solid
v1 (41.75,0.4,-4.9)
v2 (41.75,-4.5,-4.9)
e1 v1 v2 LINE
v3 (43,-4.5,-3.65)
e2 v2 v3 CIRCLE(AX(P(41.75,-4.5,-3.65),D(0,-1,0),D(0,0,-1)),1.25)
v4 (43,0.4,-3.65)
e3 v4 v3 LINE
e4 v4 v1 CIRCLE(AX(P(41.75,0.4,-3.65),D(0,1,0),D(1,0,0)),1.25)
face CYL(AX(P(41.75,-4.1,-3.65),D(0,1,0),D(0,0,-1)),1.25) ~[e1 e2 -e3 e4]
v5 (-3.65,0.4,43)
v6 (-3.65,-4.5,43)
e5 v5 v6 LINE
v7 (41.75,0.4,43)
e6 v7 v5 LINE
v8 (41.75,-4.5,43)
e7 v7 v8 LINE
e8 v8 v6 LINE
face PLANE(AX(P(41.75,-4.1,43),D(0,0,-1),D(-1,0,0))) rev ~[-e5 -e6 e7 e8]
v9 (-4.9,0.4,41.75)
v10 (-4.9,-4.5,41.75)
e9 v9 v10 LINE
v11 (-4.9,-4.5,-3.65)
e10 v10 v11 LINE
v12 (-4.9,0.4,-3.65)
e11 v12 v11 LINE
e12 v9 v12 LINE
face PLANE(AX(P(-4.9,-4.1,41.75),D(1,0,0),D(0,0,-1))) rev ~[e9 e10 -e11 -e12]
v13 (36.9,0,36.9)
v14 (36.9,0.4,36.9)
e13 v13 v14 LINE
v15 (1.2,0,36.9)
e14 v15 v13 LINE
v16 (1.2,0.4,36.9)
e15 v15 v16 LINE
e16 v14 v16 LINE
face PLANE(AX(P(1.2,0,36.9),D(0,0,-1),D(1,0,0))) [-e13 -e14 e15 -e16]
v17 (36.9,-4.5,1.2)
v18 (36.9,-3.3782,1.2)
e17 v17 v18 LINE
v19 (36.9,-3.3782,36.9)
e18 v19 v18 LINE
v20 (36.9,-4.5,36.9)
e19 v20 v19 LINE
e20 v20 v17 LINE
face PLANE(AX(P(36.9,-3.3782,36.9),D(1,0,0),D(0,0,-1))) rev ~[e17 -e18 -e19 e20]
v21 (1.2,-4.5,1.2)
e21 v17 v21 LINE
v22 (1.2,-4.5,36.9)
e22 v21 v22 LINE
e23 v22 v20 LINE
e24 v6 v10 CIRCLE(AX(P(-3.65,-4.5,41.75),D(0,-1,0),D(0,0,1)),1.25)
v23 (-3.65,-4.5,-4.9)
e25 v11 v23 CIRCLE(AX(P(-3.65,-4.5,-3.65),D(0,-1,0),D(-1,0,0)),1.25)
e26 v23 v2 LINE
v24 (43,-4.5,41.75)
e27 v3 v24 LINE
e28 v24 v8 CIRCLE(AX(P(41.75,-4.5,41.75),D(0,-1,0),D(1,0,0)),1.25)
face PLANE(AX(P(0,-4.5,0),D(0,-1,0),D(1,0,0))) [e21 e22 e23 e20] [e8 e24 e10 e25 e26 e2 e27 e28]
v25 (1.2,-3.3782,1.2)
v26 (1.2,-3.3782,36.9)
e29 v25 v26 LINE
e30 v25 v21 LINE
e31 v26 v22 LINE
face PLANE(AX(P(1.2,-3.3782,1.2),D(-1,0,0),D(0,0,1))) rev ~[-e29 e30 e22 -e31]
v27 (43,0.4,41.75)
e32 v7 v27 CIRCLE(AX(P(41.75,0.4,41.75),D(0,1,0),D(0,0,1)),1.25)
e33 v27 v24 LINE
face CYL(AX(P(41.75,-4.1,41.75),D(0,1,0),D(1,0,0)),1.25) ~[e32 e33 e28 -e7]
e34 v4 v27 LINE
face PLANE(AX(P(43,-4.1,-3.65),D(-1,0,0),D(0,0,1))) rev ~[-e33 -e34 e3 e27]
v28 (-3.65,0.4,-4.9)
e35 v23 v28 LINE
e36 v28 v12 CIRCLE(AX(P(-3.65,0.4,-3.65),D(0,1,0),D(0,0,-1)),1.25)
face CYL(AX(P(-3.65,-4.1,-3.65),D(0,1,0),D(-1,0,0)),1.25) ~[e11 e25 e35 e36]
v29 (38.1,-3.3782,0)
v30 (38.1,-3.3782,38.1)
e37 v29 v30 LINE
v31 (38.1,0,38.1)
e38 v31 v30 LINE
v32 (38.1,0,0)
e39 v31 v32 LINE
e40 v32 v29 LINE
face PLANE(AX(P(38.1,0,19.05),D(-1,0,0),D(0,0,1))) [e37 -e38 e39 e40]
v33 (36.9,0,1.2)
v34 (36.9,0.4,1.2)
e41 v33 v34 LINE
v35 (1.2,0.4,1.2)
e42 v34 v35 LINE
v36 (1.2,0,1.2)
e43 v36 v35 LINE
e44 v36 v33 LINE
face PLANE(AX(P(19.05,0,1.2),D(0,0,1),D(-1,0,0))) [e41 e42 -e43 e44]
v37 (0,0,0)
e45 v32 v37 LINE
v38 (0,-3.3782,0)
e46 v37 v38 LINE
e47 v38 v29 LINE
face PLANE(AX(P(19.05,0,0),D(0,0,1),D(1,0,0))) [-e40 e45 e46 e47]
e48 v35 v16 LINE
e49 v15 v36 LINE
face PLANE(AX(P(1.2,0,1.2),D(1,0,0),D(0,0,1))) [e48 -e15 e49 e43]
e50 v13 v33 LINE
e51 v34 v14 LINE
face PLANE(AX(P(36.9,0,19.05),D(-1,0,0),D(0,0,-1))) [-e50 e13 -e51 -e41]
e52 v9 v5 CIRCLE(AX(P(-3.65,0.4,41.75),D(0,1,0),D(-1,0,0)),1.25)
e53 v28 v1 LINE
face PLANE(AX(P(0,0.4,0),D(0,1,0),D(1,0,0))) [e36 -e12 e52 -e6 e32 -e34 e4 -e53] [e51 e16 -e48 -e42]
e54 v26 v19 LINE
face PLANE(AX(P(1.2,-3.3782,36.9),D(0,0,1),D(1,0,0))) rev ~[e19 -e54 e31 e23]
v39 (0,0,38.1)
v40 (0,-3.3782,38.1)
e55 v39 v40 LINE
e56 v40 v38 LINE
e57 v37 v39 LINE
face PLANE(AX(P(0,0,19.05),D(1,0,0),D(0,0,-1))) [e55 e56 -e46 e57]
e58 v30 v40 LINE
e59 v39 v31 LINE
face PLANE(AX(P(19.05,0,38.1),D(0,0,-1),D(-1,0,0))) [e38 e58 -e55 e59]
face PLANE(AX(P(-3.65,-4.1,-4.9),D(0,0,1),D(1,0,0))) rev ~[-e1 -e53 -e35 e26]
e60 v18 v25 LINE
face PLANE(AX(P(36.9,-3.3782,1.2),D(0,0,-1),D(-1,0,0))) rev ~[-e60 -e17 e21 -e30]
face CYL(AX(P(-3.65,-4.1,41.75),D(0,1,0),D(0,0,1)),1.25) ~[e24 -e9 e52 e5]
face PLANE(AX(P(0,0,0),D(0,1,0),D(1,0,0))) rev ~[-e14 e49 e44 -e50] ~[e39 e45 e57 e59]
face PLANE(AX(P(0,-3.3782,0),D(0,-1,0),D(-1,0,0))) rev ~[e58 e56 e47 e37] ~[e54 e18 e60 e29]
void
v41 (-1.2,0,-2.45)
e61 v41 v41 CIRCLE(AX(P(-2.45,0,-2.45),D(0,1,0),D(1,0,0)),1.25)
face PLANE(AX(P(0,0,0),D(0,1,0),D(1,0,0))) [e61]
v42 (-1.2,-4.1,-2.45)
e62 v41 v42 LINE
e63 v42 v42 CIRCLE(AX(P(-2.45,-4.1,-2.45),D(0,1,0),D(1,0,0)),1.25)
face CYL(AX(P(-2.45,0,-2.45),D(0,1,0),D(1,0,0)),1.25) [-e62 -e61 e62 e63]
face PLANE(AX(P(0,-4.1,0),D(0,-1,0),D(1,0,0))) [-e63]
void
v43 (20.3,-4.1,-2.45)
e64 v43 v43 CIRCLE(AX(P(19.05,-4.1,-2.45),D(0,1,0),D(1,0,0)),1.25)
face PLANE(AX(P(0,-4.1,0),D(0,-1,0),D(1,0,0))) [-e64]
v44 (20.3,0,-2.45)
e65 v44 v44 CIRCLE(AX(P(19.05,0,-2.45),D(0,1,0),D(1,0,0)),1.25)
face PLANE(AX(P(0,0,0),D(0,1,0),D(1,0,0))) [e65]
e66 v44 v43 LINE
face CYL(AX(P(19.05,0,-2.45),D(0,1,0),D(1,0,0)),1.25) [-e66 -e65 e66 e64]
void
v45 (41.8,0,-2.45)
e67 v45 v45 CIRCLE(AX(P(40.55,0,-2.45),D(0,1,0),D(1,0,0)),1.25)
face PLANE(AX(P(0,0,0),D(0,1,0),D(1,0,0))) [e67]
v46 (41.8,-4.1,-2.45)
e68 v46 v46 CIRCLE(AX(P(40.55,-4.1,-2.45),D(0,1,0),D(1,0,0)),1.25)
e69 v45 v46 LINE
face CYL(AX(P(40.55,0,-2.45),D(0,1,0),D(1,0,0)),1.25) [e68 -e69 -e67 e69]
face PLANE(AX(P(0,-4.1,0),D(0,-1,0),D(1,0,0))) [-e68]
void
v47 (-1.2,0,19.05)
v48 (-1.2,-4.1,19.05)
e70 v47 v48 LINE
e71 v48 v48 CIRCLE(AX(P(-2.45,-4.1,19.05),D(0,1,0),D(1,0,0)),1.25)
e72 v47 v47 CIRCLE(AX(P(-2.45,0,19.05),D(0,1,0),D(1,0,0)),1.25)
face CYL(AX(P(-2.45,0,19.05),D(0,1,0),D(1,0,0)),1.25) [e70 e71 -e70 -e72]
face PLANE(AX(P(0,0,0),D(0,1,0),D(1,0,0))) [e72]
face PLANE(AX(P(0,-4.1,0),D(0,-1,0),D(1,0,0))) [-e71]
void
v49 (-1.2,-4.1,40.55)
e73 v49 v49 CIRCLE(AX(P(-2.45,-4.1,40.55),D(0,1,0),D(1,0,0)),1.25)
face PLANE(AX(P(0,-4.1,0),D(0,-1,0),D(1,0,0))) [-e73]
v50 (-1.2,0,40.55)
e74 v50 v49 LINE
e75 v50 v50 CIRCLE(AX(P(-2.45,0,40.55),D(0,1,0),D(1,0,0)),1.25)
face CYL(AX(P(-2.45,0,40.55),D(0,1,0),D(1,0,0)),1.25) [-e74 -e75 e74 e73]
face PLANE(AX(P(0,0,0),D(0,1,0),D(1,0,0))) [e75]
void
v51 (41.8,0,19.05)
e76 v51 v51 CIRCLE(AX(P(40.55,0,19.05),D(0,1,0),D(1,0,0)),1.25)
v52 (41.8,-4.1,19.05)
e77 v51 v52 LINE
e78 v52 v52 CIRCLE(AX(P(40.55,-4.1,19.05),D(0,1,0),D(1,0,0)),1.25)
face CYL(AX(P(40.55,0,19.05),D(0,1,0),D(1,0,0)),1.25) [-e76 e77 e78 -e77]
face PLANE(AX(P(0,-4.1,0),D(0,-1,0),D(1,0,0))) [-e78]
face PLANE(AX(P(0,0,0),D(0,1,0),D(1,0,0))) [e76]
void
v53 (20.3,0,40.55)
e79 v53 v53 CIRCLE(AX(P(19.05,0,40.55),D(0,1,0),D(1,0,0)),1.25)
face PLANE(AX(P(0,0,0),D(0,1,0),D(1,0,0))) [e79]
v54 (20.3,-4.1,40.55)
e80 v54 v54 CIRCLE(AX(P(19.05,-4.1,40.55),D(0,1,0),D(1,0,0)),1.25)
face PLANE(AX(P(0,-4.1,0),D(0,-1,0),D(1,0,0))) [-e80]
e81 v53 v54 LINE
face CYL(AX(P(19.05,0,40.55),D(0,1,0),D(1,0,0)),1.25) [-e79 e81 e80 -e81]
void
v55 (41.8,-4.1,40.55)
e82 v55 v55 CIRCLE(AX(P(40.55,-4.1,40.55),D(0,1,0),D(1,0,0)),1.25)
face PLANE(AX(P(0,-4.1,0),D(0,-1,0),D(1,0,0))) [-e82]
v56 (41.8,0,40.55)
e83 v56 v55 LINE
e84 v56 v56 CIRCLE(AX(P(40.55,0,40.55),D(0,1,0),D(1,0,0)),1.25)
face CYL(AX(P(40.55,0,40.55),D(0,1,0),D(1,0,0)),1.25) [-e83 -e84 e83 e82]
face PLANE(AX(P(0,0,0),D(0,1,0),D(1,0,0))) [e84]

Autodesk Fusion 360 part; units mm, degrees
sketch "Sketch1" plane through (0, 0, 0) normal (0, 1, 0) x (1, 0, 0)
  line L0 (0, 0) -> (38.1, 0)
  line L1 (38.1, 0) -> (38.1, -38.1)
  line L2 (38.1, -38.1) -> (0, -38.1)
  line L3 (0, -38.1) -> (0, 0)
  circle A0 centre (19.05, -40.55) radius 1.25
  line L4 (-4.9, -39.3) -> (43, -39.3) construction
  line L5 (-4.9, -41.8) -> (43, -41.8) construction
  line L6 (0, -19.05) -> (38.1, -19.05)
  line L7 (19.05, 0) -> (19.05, -38.1)
  line L8 (-3.65, 4.9) -> (41.75, 4.9)
  line L9 (43, 3.65) -> (43, -41.75)
  line L10 (41.75, -43) -> (-3.65, -43)
  line L11 (-4.9, -41.75) -> (-4.9, 3.65)
  circle A1 centre (-2.45, -40.55) radius 1.25
  line L12 (-3.7, -43) -> (-3.7, 4.9) construction
  line L13 (-1.2, -43) -> (-1.2, 4.9) construction
  line L14 (39.3, -43) -> (39.3, 4.9) construction
  line L15 (41.8, 4.9) -> (41.8, -43) construction
  line L16 (-4.9, 3.7) -> (43, 3.7) construction
  line L17 (43, 1.2) -> (-4.9, 1.2) construction
  circle A2 centre (40.55, -40.55) radius 1.25
  circle A3 centre (40.55, -19.05) radius 1.25
  circle A4 centre (40.55, 2.45) radius 1.25
  circle A5 centre (19.05, 2.45) radius 1.25
  circle A6 centre (-2.45, 2.45) radius 1.25
  circle A7 centre (-2.45, -19.05) radius 1.25
  arc A8 (-4.9, -41.75) -> (-3.65, -43) centre (-3.65, -41.75) ccw
  arc A9 (41.75, -43) -> (43, -41.75) centre (41.75, -41.75) ccw
  arc A10 (43, 3.65) -> (41.75, 4.9) centre (41.75, 3.65) ccw
  arc A11 (-3.65, 4.9) -> (-4.9, 3.65) centre (-3.65, 3.65) ccw
  line L18 (1.2, -36.9) -> (36.9, -36.9)
  line L19 (36.9, -36.9) -> (36.9, -1.2)
  line L20 (36.9, -1.2) -> (1.2, -1.2)
  line L21 (1.2, -1.2) -> (1.2, -36.9)
  dimension "d1" = 38.1
  dimension "d2" = 38.1
  dimension "d3" = 2.5
  dimension "d4" = 1.2
  dimension "d5" = 1.2
  dimension "d8" = 2.5
  dimension "d9" = 1.2
  dimension "d10" = 1.2
  dimension "d11" = 1.2
  dimension "d13" = 1.2
  dimension "d14" = 1.2
  dimension "d15" = 1.2
  dimension "d16" = 2.5
  dimension "d17" = 1.25
  dimension "d18" = 1.2
  dimension "d19" = 1.2
  dimension "d20" = 1.2
  dimension "d21" = 1.2
extrude "Extrude1" add sketch "Sketch1" along normal blind 0.4 contours L0 L3 L6 L7 L20 L21 | L0 L1 L6 L7 L19 L20 | L2 L3 L6 L7 L18 L21 | L1 L2 L6 L7 L18 L19 | A0 | L8 L9 L10 L11 A8 A9 A10 A11 | A1 | A2 | A3 | A4 | A5 | A6 | A7
extrude "Extrude2" add sketch "Sketch1" against normal blind 4.1
ref_plane "WorkPlane1" through (19.05, -3.3782, 19.05) normal (0, -1, 0) x (-1, 0, 0)
sketch "Sketch2" plane through (0, -3.3782, 0) normal (0, -1, 0) x (-1, 0, 0)
  line L0 (-1.2, -1.2) -> (-1.2, -36.9)
  line L1 (-1.2, -36.9) -> (-36.9, -36.9)
  line L2 (-36.9, -36.9) -> (-36.9, -1.2)
  line L3 (-36.9, -1.2) -> (-1.2, -1.2)
  line L4 (0, -38.1) -> (0, 0)
  line L5 (0, 0) -> (-38.1, 0)
  line L6 (-38.1, 0) -> (-38.1, -38.1)
  line L7 (-38.1, -38.1) -> (0, -38.1)
extrude "Extrude3" add sketch "Sketch2" along normal up to surface (0.7218 mm away)
sketch "Sketch3" plane through (0, -4.1, 0) normal (0, -1, 0) x (1, 0, 0)
  line L0 (1.2, 36.9) -> (36.9, 36.9)
  line L1 (36.9, 36.9) -> (36.9, 1.2)
  line L2 (36.9, 1.2) -> (1.2, 1.2)
  line L3 (1.2, 1.2) -> (1.2, 36.9)
  circle A0 centre (40.55, 19.05) radius 1.25
  circle A1 centre (-2.45, 19.05) radius 1.25
  circle A2 centre (19.05, -2.45) radius 1.25
  circle A3 centre (40.55, 40.55) radius 1.25
  circle A4 centre (40.55, -2.45) radius 1.25
  circle A5 centre (19.05, 40.55) radius 1.25
  circle A6 centre (-2.45, -2.45) radius 1.25
  circle A7 centre (-2.45, 40.55) radius 1.25
  arc A8 (41.75, -4.9) -> (43, -3.65) centre (41.75, -3.65) ccw
  line L4 (43, -3.65) -> (43, 41.75)
  arc A9 (43, 41.75) -> (41.75, 43) centre (41.75, 41.75) ccw
  line L5 (41.75, 43) -> (-3.65, 43)
  arc A10 (-3.65, 43) -> (-4.9, 41.75) centre (-3.65, 41.75) ccw
  line L6 (-4.9, 41.75) -> (-4.9, -3.65)
  arc A11 (-4.9, -3.65) -> (-3.65, -4.9) centre (-3.65, -3.65) ccw
  line L7 (-3.65, -4.9) -> (41.75, -4.9)
extrude "Extrude4" add sketch "Sketch3" along normal blind 0.4 contours A0 | A1 | A2 | A3 | A4 | A5 | A6 | A7 | A8 L4 A9 L5 A10 L6 A11 L7
equation "d2 = d1"
equation "d5 = d4"
equation "d8 = d3"
equation "d9 = d5"
equation "d10 = d5"
equation "d11 = d5"
equation "d13 = d5"
equation "d14 = d5"
equation "d15 = d5"
equation "d16 = d3"
equation "d17 = d3 / 2"
equation "d19 = d18"
equation "d20 = d18"
equation "d21 = d18"
